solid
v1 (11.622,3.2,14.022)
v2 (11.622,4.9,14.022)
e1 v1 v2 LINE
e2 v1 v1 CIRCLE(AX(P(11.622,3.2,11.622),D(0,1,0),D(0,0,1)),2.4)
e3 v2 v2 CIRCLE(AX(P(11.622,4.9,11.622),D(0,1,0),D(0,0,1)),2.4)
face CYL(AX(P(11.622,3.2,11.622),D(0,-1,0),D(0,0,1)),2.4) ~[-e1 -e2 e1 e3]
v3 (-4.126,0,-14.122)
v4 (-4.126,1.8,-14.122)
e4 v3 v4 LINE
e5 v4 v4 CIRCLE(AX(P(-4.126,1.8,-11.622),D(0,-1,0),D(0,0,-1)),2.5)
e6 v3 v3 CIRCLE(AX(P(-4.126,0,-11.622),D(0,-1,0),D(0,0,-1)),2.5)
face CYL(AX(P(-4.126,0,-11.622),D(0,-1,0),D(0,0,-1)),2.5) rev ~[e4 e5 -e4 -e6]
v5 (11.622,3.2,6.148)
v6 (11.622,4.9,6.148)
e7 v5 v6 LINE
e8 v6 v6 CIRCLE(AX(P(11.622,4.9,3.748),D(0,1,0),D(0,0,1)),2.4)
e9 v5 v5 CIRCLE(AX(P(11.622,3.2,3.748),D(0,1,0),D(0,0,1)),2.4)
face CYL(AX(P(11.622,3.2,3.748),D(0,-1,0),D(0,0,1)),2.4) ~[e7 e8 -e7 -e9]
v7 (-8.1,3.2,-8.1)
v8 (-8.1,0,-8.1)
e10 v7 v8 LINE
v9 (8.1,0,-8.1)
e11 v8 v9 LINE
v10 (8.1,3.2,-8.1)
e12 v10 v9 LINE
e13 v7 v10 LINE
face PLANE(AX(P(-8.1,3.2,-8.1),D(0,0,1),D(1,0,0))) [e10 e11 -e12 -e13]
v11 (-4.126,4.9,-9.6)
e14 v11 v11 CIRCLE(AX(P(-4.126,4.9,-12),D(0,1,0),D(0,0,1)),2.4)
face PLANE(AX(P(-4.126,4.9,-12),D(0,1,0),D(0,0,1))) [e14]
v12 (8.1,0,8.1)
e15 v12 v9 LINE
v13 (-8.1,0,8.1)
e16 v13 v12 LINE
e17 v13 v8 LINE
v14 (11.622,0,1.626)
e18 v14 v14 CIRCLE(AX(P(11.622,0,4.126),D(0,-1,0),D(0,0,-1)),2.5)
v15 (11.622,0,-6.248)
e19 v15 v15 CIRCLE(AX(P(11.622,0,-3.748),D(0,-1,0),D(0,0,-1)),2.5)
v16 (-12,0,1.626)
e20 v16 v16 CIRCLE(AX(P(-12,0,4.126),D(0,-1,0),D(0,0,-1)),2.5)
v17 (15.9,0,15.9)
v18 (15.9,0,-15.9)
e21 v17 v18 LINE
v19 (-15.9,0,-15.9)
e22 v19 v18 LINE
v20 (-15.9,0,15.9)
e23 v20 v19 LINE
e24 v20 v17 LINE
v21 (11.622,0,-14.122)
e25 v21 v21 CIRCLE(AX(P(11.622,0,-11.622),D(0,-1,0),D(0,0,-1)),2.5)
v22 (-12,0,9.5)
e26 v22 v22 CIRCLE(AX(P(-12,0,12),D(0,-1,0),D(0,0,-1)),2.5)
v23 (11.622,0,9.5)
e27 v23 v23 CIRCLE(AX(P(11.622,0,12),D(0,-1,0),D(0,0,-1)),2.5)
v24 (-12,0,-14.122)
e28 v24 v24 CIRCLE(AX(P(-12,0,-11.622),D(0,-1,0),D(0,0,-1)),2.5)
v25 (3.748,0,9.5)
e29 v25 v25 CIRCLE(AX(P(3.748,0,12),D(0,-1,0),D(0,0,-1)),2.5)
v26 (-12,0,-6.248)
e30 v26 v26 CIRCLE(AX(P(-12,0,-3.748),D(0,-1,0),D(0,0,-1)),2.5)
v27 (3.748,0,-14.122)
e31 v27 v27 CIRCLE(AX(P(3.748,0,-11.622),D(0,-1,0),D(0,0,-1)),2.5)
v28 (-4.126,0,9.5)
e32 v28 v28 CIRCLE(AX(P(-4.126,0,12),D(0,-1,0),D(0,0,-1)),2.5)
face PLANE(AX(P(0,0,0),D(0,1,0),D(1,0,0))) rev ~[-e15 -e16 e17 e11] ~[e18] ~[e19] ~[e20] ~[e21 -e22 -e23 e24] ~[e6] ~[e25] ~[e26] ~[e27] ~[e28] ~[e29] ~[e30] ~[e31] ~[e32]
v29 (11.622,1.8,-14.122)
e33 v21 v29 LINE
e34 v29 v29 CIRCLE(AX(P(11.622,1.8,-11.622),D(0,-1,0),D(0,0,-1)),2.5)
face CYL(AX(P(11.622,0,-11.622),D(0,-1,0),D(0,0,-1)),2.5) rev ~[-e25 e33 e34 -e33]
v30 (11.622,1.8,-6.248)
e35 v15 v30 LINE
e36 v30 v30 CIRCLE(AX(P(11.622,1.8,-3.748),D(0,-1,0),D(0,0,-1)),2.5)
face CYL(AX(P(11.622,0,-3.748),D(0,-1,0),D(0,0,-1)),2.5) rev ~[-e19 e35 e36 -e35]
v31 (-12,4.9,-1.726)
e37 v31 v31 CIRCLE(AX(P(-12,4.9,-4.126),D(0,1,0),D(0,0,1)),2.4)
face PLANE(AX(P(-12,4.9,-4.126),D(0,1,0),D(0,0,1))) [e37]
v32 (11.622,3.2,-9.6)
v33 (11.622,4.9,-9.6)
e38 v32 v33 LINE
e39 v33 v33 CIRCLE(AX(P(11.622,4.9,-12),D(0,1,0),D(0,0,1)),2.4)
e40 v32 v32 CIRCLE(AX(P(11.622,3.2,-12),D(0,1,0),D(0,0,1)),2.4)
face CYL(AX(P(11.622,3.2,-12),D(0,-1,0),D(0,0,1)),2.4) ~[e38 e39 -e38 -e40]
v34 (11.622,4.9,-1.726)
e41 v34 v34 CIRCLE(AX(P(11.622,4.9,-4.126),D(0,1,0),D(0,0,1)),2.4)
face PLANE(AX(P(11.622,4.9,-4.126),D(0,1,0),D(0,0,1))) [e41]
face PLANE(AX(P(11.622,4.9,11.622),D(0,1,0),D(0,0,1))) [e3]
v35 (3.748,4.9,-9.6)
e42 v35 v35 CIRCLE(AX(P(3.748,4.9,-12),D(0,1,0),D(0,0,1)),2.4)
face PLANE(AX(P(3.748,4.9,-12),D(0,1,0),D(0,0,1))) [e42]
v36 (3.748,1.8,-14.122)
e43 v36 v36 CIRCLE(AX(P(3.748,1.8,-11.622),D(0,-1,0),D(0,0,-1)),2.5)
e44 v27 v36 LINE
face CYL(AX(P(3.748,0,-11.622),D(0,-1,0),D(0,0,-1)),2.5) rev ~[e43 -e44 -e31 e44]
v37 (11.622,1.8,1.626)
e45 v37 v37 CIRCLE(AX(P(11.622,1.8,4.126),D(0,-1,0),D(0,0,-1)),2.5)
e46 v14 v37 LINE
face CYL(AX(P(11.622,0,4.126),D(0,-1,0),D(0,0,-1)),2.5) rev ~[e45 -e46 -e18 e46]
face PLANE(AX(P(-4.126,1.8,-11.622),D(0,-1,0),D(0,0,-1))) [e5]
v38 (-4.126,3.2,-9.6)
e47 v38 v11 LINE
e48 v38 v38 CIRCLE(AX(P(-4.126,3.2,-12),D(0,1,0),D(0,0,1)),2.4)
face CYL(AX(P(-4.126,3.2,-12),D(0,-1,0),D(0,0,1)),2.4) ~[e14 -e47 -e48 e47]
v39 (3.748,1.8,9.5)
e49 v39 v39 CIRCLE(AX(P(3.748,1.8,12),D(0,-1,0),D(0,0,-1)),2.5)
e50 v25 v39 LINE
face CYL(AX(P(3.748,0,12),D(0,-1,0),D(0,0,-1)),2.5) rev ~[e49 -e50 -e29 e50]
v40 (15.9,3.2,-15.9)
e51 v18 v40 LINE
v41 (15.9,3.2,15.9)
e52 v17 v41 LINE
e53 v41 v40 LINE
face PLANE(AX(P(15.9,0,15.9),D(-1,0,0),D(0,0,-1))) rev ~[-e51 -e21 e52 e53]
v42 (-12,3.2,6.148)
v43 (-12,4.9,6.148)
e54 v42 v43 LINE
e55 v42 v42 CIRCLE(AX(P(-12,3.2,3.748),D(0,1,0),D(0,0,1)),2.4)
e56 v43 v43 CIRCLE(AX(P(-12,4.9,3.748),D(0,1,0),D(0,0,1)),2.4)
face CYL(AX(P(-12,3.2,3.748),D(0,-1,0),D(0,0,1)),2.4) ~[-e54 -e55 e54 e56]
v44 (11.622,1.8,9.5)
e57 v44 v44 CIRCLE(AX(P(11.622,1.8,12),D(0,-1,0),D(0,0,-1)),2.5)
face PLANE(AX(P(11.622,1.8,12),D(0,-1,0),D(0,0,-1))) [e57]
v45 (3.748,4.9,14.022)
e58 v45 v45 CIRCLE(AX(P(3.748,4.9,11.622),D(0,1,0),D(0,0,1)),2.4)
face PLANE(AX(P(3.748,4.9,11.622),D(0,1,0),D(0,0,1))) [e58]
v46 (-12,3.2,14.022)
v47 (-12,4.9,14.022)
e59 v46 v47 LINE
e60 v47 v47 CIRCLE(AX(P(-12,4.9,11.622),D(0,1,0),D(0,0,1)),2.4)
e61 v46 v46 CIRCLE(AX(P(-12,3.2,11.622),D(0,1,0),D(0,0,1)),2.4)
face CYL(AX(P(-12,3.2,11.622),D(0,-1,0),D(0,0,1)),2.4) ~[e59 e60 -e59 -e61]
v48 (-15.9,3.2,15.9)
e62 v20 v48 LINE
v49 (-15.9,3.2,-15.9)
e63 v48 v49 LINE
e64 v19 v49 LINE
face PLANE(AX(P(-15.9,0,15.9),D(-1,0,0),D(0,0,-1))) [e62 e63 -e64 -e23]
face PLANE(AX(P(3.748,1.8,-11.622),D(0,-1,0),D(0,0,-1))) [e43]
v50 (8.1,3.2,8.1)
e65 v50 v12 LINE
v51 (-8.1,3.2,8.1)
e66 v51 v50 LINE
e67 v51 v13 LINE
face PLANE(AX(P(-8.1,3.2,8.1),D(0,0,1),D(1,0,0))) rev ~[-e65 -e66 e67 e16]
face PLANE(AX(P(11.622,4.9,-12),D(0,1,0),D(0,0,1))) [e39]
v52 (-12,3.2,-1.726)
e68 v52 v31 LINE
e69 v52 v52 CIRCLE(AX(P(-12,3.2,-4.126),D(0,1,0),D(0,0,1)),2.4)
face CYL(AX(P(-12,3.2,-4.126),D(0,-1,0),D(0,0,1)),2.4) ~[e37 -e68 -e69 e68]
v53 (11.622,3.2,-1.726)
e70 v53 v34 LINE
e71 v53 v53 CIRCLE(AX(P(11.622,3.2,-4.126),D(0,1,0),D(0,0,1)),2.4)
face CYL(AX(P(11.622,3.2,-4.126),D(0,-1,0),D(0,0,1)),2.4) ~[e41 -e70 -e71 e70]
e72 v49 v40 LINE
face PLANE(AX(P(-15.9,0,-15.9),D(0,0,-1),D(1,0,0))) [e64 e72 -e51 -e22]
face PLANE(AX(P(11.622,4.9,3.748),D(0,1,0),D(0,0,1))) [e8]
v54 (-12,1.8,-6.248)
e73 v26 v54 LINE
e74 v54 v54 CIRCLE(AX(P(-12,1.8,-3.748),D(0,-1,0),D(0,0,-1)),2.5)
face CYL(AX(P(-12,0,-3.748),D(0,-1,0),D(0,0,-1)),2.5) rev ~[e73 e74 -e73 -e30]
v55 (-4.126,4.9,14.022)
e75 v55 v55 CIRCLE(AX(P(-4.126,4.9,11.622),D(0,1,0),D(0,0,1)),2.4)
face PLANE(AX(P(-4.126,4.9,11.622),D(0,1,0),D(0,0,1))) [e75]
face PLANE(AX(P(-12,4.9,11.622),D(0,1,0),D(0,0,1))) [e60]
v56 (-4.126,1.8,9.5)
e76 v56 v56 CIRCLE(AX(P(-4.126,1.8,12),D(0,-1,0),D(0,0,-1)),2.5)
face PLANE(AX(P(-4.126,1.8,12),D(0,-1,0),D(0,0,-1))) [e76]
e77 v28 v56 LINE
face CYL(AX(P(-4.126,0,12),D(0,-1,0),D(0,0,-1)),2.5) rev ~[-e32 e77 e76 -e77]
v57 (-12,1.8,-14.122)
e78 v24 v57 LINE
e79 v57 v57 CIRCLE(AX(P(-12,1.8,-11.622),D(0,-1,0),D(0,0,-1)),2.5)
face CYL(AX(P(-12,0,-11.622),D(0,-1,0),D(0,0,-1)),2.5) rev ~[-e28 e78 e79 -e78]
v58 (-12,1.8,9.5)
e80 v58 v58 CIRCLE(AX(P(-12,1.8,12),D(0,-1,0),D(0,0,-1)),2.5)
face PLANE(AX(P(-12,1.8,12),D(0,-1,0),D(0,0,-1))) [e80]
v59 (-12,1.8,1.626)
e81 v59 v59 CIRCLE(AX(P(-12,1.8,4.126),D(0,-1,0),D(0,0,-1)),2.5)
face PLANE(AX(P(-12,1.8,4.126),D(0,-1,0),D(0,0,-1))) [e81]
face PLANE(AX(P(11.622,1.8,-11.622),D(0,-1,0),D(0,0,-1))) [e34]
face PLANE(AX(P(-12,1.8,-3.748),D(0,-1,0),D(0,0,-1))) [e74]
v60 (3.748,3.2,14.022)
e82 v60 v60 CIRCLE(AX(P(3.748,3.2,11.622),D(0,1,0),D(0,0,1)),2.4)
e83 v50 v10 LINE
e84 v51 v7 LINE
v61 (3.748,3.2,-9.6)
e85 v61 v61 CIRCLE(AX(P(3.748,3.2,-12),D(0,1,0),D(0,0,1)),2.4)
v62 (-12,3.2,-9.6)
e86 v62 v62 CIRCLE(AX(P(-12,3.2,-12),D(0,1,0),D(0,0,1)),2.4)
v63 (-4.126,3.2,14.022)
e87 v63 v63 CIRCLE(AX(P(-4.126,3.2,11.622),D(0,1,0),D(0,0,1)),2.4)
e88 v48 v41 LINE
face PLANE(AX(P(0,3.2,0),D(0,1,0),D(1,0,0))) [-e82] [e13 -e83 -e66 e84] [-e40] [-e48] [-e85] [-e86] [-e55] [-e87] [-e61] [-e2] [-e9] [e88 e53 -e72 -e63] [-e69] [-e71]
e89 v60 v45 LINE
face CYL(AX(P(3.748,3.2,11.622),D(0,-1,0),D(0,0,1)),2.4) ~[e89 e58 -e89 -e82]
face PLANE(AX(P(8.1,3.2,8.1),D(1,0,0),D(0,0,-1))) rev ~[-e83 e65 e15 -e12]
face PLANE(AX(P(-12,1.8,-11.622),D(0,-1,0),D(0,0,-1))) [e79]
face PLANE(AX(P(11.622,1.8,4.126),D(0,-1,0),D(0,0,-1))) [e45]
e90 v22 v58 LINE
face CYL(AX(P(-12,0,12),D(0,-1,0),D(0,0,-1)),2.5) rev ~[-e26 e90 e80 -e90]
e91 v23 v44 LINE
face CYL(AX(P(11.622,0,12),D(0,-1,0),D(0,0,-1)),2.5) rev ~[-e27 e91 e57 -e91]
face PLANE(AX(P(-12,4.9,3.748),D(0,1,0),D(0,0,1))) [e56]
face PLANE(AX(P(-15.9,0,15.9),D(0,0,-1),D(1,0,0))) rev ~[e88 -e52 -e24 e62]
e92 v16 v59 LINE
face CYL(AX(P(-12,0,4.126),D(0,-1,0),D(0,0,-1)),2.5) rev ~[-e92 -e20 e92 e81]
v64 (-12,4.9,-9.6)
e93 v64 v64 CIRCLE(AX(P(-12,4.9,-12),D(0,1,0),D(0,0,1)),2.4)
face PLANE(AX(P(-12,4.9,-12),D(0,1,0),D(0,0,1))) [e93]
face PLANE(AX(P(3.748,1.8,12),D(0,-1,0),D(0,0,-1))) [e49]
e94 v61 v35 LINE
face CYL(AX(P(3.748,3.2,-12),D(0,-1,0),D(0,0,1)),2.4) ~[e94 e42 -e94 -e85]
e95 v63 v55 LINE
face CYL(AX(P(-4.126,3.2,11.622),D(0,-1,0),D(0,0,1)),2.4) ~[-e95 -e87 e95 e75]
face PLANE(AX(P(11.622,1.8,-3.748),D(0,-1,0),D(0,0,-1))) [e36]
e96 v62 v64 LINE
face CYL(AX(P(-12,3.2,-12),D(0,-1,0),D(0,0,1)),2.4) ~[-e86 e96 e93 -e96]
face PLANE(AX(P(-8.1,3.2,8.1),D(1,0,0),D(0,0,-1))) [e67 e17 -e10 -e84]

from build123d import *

# Parameters (mm, degrees)
SKETCH_1_W          = 31.8
SKETCH_1_H          = 31.8
EXTRUDE_1_DEPTH     = 3.2
SKETCH_2_W          = 16.2
SKETCH_2_H          = 16.2
CUT_EXTRUDE_3_DEPTH = 23.712551596
SKETCH_3_R          = 2.4
EXTRUDE_2_DEPTH     = 1.7
SKETCH_4_R          = 2.5
CUT_EXTRUDE_4_DEPTH = 1.8


with BuildPart() as part:
    # Эскиз1 → Бобышка-Вытянуть1 (new body)
    with BuildSketch(Plane(origin=(0, 0, 0), x_dir=(1, 0, 0), z_dir=(0, 1, 0))):
        Rectangle(SKETCH_1_W, SKETCH_1_H)
    extrude(amount=EXTRUDE_1_DEPTH)

    # Эскиз2 → Вырез-Вытянуть3 (cut, through all)
    with BuildSketch(Plane(origin=(0, 3.2, 0), x_dir=(1, 0, 0), z_dir=(0, 1, 0))):
        Rectangle(SKETCH_2_W, SKETCH_2_H)
    extrude(amount=-CUT_EXTRUDE_3_DEPTH, mode=Mode.SUBTRACT)

    # Эскиз3 → Бобышка-Вытянуть2 (add)
    with BuildSketch(Plane(origin=(0, 3.2, 0), x_dir=(1, 0, 0), z_dir=(0, 1, 0))):
        with Locations(Location((-12, 12, 0), (0, 0, 270))):
            Circle(SKETCH_3_R)
        with Locations(Location((-4.126, 12, 0), (0, 0, 270))):
            Circle(SKETCH_3_R)
        with Locations(Location((3.748, 12, 0), (0, 0, 270))):
            Circle(SKETCH_3_R)
        with Locations(Location((11.622, 12, 0), (0, 0, 270))):
            Circle(SKETCH_3_R)
        with Locations(Location((-12, 4.126, 0), (0, 0, 270))):
            Circle(SKETCH_3_R)
        with Locations(Location((-12, -3.748, 0), (0, 0, 270))):
            Circle(SKETCH_3_R)
        with Locations(Location((-12, -11.622, 0), (0, 0, 270))):
            Circle(SKETCH_3_R)
        with Locations(Location((-4.126, -11.622, 0), (0, 0, 270))):
            Circle(SKETCH_3_R)
        with Locations(Location((3.748, -11.622, 0), (0, 0, 270))):
            Circle(SKETCH_3_R)
        with Locations(Location((11.622, -11.622, 0), (0, 0, 270))):
            Circle(SKETCH_3_R)
        with Locations(Location((11.622, -3.748, 0), (0, 0, 270))):
            Circle(SKETCH_3_R)
        with Locations(Location((11.622, 4.126, 0), (0, 0, 270))):
            Circle(SKETCH_3_R)
    extrude(amount=EXTRUDE_2_DEPTH)

    # Эскиз4 → Вырез-Вытянуть4 (cut)
    with BuildSketch(Plane.XZ):
        with Locations(Location((-12, 12, 0), (0, 0, 270))):
            Circle(SKETCH_4_R)
        with Locations(Location((-4.126, 12, 0), (0, 0, 270))):
            Circle(SKETCH_4_R)
        with Locations(Location((3.748, 12, 0), (0, 0, 270))):
            Circle(SKETCH_4_R)
        with Locations(Location((11.622, 12, 0), (0, 0, 270))):
            Circle(SKETCH_4_R)
        with Locations(Location((-12, 4.126, 0), (0, 0, 270))):
            Circle(SKETCH_4_R)
        with Locations(Location((11.622, 4.126, 0), (0, 0, 270))):
            Circle(SKETCH_4_R)
        with Locations(Location((-12, -3.748, 0), (0, 0, 270))):
            Circle(SKETCH_4_R)
        with Locations(Location((11.622, -3.748, 0), (0, 0, 270))):
            Circle(SKETCH_4_R)
        with Locations(Location((-12, -11.622, 0), (0, 0, 270))):
            Circle(SKETCH_4_R)
        with Locations(Location((11.622, -11.622, 0), (0, 0, 270))):
            Circle(SKETCH_4_R)
        with Locations(Location((-4.126, -11.622, 0), (0, 0, 270))):
            Circle(SKETCH_4_R)
        with Locations(Location((3.748, -11.622, 0), (0, 0, 270))):
            Circle(SKETCH_4_R)
    extrude(amount=-CUT_EXTRUDE_4_DEPTH, mode=Mode.SUBTRACT)


solid = part.part
